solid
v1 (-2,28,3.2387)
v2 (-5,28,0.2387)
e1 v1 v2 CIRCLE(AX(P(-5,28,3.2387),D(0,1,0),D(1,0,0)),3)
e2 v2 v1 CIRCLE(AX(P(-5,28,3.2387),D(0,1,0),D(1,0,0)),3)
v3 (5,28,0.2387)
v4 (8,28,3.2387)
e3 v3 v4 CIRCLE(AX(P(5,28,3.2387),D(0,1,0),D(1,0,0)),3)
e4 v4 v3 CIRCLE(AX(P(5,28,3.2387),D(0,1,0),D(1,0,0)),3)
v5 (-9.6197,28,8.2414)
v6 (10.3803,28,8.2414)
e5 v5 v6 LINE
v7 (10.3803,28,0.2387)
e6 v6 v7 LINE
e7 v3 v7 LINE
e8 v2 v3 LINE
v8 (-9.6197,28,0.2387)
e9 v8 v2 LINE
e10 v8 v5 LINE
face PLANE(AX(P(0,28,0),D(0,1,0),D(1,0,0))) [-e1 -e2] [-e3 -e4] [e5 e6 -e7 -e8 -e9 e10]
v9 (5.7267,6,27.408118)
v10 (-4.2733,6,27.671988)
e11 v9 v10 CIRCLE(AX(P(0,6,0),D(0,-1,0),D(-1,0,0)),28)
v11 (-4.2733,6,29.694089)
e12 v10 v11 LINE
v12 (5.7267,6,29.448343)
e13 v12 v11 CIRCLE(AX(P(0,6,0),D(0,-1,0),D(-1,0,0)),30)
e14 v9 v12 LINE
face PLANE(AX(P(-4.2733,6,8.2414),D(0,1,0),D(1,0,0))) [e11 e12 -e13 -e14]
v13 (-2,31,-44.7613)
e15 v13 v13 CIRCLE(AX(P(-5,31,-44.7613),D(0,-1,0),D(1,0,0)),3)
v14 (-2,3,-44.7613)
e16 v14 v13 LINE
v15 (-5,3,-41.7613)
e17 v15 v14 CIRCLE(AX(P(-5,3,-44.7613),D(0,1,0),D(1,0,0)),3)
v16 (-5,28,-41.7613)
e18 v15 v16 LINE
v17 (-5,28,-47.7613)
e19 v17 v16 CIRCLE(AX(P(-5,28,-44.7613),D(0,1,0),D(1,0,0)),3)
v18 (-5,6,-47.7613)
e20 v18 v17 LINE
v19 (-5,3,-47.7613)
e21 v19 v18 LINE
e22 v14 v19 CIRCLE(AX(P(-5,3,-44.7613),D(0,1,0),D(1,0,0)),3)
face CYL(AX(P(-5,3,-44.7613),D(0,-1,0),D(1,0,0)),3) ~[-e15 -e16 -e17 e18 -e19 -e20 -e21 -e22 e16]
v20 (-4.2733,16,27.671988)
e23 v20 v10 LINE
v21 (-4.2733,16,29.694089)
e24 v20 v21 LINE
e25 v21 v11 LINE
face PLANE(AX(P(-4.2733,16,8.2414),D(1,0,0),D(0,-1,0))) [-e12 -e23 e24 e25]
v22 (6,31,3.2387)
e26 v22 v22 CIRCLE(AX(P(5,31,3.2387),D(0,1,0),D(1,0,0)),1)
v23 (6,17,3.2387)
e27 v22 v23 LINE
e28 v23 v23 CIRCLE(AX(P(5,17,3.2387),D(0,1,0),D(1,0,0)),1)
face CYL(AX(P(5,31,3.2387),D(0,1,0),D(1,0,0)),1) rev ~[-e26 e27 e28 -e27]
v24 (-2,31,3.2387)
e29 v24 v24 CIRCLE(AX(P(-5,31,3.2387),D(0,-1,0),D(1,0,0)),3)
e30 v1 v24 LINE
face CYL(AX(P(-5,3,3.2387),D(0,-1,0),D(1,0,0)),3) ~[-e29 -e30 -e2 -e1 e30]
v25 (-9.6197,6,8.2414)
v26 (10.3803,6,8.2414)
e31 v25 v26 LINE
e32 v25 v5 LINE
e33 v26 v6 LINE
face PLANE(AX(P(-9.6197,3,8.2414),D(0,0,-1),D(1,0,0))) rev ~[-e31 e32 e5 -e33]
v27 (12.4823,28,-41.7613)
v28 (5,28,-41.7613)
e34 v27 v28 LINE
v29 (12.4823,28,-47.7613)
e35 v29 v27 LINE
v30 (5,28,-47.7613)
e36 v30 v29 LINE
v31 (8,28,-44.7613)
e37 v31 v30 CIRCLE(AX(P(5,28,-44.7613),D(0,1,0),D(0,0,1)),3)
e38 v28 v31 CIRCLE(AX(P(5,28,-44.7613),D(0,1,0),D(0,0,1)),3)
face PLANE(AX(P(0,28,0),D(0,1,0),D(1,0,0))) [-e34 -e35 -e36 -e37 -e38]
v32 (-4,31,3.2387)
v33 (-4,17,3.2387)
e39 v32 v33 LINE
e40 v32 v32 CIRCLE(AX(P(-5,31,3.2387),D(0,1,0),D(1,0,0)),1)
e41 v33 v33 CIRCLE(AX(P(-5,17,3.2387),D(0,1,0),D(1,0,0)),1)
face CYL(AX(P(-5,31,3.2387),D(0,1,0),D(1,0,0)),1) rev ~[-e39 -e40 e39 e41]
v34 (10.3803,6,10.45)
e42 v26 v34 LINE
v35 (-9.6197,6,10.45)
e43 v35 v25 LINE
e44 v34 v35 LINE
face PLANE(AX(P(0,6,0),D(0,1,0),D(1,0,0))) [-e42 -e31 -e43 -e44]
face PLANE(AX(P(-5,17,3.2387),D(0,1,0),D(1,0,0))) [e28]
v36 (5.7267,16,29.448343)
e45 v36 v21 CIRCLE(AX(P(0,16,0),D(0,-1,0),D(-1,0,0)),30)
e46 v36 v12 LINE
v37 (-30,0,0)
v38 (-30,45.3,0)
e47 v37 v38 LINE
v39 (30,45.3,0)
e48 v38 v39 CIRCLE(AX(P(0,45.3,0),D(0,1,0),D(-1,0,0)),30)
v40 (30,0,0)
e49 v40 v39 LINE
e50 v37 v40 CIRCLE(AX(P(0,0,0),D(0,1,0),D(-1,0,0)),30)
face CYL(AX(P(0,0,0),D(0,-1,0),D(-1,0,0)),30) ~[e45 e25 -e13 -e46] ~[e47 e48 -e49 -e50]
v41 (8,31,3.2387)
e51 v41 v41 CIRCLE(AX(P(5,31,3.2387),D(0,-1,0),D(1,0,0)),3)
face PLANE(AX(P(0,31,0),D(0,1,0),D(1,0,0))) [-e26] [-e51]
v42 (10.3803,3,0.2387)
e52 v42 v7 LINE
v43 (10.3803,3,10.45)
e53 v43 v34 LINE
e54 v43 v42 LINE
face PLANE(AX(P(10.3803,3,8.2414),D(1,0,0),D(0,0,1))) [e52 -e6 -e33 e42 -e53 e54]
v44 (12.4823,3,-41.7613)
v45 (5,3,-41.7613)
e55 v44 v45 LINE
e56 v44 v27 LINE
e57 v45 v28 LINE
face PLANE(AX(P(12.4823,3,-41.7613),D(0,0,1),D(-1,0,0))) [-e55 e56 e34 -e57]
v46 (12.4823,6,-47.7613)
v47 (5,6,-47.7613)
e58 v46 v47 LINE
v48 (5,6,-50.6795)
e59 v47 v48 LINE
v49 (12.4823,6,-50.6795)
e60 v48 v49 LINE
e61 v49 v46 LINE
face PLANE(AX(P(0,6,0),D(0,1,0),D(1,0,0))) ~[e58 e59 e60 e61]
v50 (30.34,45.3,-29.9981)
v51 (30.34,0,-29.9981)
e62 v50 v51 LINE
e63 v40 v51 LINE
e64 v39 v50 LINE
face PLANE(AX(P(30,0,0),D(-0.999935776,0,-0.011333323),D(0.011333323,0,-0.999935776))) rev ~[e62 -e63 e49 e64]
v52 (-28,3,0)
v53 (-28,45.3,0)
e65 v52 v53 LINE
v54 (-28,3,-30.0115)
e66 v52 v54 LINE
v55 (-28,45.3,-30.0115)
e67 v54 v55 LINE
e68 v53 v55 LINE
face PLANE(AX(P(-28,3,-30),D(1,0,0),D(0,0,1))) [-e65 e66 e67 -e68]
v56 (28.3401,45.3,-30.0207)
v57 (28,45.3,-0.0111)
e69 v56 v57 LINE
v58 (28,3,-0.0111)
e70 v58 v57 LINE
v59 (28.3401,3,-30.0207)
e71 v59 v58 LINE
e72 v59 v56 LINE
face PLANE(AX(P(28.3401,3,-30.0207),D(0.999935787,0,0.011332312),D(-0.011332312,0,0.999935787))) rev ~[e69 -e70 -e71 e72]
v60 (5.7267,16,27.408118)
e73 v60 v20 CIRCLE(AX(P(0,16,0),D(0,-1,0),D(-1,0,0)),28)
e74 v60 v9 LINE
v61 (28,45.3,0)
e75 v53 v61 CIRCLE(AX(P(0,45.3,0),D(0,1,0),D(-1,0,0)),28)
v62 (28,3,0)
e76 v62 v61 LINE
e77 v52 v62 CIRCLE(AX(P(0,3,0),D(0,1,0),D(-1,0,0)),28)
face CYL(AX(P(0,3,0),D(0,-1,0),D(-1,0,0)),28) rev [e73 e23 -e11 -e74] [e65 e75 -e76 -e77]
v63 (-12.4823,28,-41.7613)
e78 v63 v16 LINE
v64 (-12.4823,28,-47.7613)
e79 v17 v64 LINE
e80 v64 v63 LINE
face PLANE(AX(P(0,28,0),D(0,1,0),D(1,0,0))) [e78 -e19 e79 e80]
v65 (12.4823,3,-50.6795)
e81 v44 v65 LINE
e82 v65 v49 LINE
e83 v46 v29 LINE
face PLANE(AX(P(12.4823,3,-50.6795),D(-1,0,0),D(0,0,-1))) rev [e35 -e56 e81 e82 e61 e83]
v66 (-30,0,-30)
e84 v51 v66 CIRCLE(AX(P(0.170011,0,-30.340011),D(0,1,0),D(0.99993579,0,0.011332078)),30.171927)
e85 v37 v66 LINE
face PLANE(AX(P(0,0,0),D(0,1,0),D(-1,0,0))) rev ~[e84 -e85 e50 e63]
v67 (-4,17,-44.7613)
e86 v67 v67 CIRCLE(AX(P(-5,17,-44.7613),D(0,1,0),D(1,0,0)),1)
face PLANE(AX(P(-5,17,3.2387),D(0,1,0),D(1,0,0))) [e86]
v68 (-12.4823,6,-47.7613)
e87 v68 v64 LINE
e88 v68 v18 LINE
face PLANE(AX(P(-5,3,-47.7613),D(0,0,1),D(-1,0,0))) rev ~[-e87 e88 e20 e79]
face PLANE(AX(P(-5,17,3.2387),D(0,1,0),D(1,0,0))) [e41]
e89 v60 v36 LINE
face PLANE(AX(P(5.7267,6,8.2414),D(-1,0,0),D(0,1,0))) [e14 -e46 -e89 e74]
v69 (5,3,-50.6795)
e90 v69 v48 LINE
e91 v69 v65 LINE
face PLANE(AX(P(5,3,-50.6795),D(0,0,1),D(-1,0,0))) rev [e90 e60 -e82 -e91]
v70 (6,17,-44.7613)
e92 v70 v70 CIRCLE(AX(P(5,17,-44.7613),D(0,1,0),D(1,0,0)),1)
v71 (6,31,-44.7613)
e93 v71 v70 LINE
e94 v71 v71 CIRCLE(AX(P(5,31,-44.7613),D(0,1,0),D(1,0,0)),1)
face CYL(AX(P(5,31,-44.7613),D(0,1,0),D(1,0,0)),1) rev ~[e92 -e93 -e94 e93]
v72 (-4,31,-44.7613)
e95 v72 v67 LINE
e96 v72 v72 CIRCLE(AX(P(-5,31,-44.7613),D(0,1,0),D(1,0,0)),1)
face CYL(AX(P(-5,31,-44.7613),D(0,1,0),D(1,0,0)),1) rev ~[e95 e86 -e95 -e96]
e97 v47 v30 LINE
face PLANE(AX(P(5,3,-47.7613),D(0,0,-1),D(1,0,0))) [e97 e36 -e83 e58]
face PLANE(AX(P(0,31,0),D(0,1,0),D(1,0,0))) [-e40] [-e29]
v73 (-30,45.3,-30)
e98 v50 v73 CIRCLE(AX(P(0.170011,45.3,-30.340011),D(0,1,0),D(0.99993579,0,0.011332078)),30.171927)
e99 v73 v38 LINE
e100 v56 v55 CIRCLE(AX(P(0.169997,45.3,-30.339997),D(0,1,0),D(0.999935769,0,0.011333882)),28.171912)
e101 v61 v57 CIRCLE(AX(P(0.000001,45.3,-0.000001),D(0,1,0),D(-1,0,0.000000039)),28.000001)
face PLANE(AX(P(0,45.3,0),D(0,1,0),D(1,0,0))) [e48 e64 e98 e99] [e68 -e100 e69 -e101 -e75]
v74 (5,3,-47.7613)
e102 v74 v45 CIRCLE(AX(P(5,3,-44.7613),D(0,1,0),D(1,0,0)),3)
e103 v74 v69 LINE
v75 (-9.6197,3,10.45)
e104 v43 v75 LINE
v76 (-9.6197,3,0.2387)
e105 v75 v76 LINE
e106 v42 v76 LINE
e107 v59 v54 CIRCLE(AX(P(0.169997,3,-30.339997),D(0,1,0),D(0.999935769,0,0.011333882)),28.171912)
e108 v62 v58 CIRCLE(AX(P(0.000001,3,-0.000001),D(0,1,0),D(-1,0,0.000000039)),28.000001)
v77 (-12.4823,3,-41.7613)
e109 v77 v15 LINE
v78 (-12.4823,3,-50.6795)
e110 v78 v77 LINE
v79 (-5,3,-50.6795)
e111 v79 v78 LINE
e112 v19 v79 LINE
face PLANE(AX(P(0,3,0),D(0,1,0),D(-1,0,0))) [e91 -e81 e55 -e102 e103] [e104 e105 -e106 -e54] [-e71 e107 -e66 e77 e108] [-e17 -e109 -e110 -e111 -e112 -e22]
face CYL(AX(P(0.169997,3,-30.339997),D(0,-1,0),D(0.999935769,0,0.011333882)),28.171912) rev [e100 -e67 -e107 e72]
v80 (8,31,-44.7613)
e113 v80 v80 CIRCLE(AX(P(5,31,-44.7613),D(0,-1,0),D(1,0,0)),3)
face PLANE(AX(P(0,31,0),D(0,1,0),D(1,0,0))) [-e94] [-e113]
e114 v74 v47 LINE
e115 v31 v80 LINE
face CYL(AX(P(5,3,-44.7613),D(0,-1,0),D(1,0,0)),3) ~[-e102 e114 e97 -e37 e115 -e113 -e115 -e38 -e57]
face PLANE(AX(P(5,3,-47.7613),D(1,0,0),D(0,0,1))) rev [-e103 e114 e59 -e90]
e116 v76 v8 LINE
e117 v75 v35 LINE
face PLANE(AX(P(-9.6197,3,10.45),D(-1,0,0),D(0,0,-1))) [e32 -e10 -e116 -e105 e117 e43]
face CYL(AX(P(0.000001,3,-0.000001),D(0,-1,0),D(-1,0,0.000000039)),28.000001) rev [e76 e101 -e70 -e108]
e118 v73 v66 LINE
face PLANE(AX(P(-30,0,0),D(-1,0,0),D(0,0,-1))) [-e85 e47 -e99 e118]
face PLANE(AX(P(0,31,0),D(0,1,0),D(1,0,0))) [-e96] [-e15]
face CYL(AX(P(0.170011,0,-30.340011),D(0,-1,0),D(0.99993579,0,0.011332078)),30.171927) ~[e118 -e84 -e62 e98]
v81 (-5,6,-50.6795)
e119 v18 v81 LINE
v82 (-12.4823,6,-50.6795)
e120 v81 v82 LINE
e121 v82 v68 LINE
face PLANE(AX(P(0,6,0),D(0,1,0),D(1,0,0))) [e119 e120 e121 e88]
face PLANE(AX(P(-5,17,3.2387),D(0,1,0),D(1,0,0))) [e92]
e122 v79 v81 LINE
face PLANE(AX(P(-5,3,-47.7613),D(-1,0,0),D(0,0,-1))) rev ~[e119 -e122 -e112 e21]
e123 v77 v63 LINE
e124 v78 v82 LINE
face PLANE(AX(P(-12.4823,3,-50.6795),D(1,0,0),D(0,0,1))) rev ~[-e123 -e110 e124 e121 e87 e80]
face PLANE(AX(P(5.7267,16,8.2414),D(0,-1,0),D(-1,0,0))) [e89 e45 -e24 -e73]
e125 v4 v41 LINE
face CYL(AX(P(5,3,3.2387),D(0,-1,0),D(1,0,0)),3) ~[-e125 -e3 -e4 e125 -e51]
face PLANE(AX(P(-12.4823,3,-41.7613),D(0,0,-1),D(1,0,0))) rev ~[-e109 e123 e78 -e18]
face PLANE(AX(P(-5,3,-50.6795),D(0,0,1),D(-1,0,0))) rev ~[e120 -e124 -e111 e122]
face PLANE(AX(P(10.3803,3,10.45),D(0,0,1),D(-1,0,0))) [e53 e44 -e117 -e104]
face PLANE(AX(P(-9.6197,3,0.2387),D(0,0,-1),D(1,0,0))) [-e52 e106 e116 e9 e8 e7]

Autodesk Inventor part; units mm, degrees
ref_plane "YZ Plane" through (0, 0, 0) normal (1, 0, 0) x (0, 1, 0)
ref_plane "XZ Plane" through (0, 0, 0) normal (0, 1, 0) x (-1, 0, 0)
ref_plane "XY Plane" through (0, 0, 0) normal (0, 0, 1) x (1, 0, 0)
sketch "Sketch10" plane through (0, 0, 0) normal (0, 1, 0) x (-1, 0, 0)
  arc A0 (30, 0) -> (-30, 0) centre (0, 0) ccw
  line L0 (30, 0) -> (30, -30)
  line L1 (-30, 0) -> (-30.34, -29.9981)
  arc A1 (-30.34, -29.9981) -> (30, -30) centre (-0.17, -30.34) ccw
  point P0 (0, 30)
  point P1 (0, 30)
  dimension "d39" = 60
  dimension "d40" = 30
extrude "Extrusion10" add sketch "Sketch10" along normal blind 3
sketch "Sketch11" plane through (0, 3, 0) normal (0, 1, 0) x (1, 0, 0)
  arc A0 (-30, 0) -> (30, 0) centre (0, 0) ccw projected
  line L0 (-30, 30) -> (-30, 0) projected
  line L1 (30, 0) -> (30.34, 29.9981) projected
  arc A1 (30.34, 29.9981) -> (-30, 30) centre (0.17, 30.34) ccw projected
  line L2 (-30, 30) -> (-30, 0) projected
  arc A2 (-30, 0) -> (30, 0) centre (0, 0) ccw projected
  line L3 (-28, 30) -> (-28, 0)
  arc A3 (-28, 0) -> (28, 0) centre (0, 0) ccw
  arc A4 (28.3401, 30.0207) -> (-28, 30.0115) centre (0.17, 30.34) ccw
  line L4 (28.3401, 30.0207) -> (28, 0.0111)
  arc A5 (-28, 0) -> (28, 0.0111) centre (0, 0) ccw
  line L5 (-28, 0) -> (-28, 30.0115)
  point P0 (30, 0)
  point P1 (28, 0)
  dimension "d43" = 2
  dimension "d44" = 2
extrude "Extrusion11" add sketch "Sketch11" along normal blind 42.3
sketch "Sketch12" plane through (0, 3, 0) normal (0, 1, 0) x (1, 0, 0)
  line L0 (-5, -3.2387) -> (5, -3.2387)
  line L1 (5, -3.2387) -> (5, 44.7613)
  line L2 (5, 44.7613) -> (-5, 44.7613)
  line L3 (-5, 44.7613) -> (-5, -3.2387)
  line L4 (-5, -3.2387) -> (5, 44.7613) construction
  line L5 (5, -3.2387) -> (-5, 44.7613) construction
  circle A0 centre (-5, -3.2387) radius 3
  circle A1 centre (-5, 44.7613) radius 3
  circle A2 centre (5, 44.7613) radius 3
  circle A3 centre (5, -3.2387) radius 3
  point P0 (0, 0)
  point P1 (0, 20.7613)
  dimension "d47" = 10
  dimension "d48" = 48
  dimension "d49" = 6
  dimension "d50" = 6
  dimension "d51" = 6
  dimension "d52" = 6
extrude "Extrusion12" add sketch "Sketch12" along normal blind 28 contours L3 A0 L0 | L0 A0 L3 | A3 L1 L0 | L0 L1 A3 | A1 L2 L3 | L3 L2 A1 | A2 L2 L1 | L1 L2 A2
sketch "Sketch13" plane through (-5, 31, 3.2387) normal (0, 1, 0) x (1, 0, 0)
  circle A0 centre (0, 0) radius 3 projected
  circle A1 centre (10, 0) radius 3 projected
  circle A2 centre (0, 48) radius 3 projected
  circle A3 centre (10, 48) radius 3 projected
  circle A4 centre (0, 0) radius 1
  circle A5 centre (10, 0) radius 1
  circle A6 centre (0, 48) radius 1
  circle A7 centre (10, 48) radius 1
  point P0 (5, 3.2387)
  dimension "d55" = 2
  dimension "d56" = 2
  dimension "d57" = 2
  dimension "d58" = 2
extrude "Extrusion13" cut sketch "Sketch13" against normal blind 14 contours A4 | A5 | A6 | A7
sketch "Sketch14" plane through (0, 3, 0) normal (0, 1, 0) x (1, 0, 0)
  line L0 (-9.6197, -0.2387) -> (10.3803, -0.2387)
  circle A0 centre (5, -3.2387) radius 3 projected
  circle A1 centre (-5, -3.2387) radius 3 projected
  line L1 (-9.6197, -0.2387) -> (-9.6197, -8.2414)
  line L2 (-9.6197, -8.2414) -> (10.3803, -8.2414)
  line L3 (10.3803, -8.2414) -> (10.3803, -0.2387)
  circle A2 centre (-5, 44.7613) radius 3 projected
  line L4 (-5, 47.7613) -> (-12.4823, 47.7613)
  line L5 (-12.4823, 47.7613) -> (-12.4823, 41.7613)
  line L6 (-12.4823, 41.7613) -> (-5, 41.7613)
  line L7 (0, 27.9217) -> (0, 57.8155) construction
  line L8 (5, 47.7613) -> (12.4823, 47.7613)
  line L9 (12.4823, 47.7613) -> (12.4823, 41.7613)
  line L10 (12.4823, 41.7613) -> (5, 41.7613)
  arc A3 (5, 41.7613) -> (5, 47.7613) centre (5, 44.7613) ccw
  point P0 (0, 0)
  point P1 (5, -0.2387)
  point P2 (-5, -0.2387)
  point P3 (5, 44.7613)
  dimension "d61" = 20
extrude "Extrusion14" add sketch "Sketch14" along normal blind 25 contours L0 L3 L2 L1
extrude "Extrusion15" add sketch "Sketch14" along normal blind 25 contours A2 L6 L5 L4 | L8 L9 L10 A3
sketch "Sketch15" plane through (0, 3, 0) normal (0, 1, 0) x (1, 0, 0)
  line L0 (-12.4823, 47.7613) -> (-5, 47.7613) projected
  line L1 (-12.4823, 47.7613) -> (-5, 47.7613)
  line L2 (-5, 47.7613) -> (-5, 50.6795)
  line L3 (-5, 50.6795) -> (-12.4823, 50.6795)
  line L4 (-12.4823, 50.6795) -> (-12.4823, 47.7613)
  point P0 (0, 0)
extrude "Extrusion16" add sketch "Sketch15" along normal blind 3
mirror "Mirror2" about plane through (0, 0, 0) normal (1, 0, 0) of "Extrusion16"
sketch "Sketch16" plane through (0, 3, 0) normal (0, 1, 0) x (1, 0, 0)
  line L0 (10.3803, -8.2414) -> (-9.6197, -8.2414) projected
  line L1 (-9.6197, -8.2414) -> (10.3803, -8.2414)
  line L2 (10.3803, -8.2414) -> (10.3803, -10.45)
  line L3 (10.3803, -10.45) -> (-9.6197, -10.45)
  line L4 (-9.6197, -10.45) -> (-9.6197, -8.2414)
  point P0 (0, 0)
extrude "Extrusion17" add sketch "Sketch16" along normal blind 3
sketch "Sketch17" plane through (-9.6197, 28, 8.2414) normal (0, 0, 1) x (1, 0, 0)
  line L0 (0, -22) -> (20, -22) projected
  line L1 (5.3464, -22) -> (15.3464, -22)
  line L2 (15.3464, -22) -> (15.3464, -12)
  line L3 (15.3464, -12) -> (5.3464, -12)
  line L4 (5.3464, -12) -> (5.3464, -22)
  point P0 (9.6197, -28)
  dimension "d70" = 10
  dimension "d71" = 10
extrude "Extrusion18" cut sketch "Sketch17" along normal blind 34.75
properties part number "Base_3DPrint"
